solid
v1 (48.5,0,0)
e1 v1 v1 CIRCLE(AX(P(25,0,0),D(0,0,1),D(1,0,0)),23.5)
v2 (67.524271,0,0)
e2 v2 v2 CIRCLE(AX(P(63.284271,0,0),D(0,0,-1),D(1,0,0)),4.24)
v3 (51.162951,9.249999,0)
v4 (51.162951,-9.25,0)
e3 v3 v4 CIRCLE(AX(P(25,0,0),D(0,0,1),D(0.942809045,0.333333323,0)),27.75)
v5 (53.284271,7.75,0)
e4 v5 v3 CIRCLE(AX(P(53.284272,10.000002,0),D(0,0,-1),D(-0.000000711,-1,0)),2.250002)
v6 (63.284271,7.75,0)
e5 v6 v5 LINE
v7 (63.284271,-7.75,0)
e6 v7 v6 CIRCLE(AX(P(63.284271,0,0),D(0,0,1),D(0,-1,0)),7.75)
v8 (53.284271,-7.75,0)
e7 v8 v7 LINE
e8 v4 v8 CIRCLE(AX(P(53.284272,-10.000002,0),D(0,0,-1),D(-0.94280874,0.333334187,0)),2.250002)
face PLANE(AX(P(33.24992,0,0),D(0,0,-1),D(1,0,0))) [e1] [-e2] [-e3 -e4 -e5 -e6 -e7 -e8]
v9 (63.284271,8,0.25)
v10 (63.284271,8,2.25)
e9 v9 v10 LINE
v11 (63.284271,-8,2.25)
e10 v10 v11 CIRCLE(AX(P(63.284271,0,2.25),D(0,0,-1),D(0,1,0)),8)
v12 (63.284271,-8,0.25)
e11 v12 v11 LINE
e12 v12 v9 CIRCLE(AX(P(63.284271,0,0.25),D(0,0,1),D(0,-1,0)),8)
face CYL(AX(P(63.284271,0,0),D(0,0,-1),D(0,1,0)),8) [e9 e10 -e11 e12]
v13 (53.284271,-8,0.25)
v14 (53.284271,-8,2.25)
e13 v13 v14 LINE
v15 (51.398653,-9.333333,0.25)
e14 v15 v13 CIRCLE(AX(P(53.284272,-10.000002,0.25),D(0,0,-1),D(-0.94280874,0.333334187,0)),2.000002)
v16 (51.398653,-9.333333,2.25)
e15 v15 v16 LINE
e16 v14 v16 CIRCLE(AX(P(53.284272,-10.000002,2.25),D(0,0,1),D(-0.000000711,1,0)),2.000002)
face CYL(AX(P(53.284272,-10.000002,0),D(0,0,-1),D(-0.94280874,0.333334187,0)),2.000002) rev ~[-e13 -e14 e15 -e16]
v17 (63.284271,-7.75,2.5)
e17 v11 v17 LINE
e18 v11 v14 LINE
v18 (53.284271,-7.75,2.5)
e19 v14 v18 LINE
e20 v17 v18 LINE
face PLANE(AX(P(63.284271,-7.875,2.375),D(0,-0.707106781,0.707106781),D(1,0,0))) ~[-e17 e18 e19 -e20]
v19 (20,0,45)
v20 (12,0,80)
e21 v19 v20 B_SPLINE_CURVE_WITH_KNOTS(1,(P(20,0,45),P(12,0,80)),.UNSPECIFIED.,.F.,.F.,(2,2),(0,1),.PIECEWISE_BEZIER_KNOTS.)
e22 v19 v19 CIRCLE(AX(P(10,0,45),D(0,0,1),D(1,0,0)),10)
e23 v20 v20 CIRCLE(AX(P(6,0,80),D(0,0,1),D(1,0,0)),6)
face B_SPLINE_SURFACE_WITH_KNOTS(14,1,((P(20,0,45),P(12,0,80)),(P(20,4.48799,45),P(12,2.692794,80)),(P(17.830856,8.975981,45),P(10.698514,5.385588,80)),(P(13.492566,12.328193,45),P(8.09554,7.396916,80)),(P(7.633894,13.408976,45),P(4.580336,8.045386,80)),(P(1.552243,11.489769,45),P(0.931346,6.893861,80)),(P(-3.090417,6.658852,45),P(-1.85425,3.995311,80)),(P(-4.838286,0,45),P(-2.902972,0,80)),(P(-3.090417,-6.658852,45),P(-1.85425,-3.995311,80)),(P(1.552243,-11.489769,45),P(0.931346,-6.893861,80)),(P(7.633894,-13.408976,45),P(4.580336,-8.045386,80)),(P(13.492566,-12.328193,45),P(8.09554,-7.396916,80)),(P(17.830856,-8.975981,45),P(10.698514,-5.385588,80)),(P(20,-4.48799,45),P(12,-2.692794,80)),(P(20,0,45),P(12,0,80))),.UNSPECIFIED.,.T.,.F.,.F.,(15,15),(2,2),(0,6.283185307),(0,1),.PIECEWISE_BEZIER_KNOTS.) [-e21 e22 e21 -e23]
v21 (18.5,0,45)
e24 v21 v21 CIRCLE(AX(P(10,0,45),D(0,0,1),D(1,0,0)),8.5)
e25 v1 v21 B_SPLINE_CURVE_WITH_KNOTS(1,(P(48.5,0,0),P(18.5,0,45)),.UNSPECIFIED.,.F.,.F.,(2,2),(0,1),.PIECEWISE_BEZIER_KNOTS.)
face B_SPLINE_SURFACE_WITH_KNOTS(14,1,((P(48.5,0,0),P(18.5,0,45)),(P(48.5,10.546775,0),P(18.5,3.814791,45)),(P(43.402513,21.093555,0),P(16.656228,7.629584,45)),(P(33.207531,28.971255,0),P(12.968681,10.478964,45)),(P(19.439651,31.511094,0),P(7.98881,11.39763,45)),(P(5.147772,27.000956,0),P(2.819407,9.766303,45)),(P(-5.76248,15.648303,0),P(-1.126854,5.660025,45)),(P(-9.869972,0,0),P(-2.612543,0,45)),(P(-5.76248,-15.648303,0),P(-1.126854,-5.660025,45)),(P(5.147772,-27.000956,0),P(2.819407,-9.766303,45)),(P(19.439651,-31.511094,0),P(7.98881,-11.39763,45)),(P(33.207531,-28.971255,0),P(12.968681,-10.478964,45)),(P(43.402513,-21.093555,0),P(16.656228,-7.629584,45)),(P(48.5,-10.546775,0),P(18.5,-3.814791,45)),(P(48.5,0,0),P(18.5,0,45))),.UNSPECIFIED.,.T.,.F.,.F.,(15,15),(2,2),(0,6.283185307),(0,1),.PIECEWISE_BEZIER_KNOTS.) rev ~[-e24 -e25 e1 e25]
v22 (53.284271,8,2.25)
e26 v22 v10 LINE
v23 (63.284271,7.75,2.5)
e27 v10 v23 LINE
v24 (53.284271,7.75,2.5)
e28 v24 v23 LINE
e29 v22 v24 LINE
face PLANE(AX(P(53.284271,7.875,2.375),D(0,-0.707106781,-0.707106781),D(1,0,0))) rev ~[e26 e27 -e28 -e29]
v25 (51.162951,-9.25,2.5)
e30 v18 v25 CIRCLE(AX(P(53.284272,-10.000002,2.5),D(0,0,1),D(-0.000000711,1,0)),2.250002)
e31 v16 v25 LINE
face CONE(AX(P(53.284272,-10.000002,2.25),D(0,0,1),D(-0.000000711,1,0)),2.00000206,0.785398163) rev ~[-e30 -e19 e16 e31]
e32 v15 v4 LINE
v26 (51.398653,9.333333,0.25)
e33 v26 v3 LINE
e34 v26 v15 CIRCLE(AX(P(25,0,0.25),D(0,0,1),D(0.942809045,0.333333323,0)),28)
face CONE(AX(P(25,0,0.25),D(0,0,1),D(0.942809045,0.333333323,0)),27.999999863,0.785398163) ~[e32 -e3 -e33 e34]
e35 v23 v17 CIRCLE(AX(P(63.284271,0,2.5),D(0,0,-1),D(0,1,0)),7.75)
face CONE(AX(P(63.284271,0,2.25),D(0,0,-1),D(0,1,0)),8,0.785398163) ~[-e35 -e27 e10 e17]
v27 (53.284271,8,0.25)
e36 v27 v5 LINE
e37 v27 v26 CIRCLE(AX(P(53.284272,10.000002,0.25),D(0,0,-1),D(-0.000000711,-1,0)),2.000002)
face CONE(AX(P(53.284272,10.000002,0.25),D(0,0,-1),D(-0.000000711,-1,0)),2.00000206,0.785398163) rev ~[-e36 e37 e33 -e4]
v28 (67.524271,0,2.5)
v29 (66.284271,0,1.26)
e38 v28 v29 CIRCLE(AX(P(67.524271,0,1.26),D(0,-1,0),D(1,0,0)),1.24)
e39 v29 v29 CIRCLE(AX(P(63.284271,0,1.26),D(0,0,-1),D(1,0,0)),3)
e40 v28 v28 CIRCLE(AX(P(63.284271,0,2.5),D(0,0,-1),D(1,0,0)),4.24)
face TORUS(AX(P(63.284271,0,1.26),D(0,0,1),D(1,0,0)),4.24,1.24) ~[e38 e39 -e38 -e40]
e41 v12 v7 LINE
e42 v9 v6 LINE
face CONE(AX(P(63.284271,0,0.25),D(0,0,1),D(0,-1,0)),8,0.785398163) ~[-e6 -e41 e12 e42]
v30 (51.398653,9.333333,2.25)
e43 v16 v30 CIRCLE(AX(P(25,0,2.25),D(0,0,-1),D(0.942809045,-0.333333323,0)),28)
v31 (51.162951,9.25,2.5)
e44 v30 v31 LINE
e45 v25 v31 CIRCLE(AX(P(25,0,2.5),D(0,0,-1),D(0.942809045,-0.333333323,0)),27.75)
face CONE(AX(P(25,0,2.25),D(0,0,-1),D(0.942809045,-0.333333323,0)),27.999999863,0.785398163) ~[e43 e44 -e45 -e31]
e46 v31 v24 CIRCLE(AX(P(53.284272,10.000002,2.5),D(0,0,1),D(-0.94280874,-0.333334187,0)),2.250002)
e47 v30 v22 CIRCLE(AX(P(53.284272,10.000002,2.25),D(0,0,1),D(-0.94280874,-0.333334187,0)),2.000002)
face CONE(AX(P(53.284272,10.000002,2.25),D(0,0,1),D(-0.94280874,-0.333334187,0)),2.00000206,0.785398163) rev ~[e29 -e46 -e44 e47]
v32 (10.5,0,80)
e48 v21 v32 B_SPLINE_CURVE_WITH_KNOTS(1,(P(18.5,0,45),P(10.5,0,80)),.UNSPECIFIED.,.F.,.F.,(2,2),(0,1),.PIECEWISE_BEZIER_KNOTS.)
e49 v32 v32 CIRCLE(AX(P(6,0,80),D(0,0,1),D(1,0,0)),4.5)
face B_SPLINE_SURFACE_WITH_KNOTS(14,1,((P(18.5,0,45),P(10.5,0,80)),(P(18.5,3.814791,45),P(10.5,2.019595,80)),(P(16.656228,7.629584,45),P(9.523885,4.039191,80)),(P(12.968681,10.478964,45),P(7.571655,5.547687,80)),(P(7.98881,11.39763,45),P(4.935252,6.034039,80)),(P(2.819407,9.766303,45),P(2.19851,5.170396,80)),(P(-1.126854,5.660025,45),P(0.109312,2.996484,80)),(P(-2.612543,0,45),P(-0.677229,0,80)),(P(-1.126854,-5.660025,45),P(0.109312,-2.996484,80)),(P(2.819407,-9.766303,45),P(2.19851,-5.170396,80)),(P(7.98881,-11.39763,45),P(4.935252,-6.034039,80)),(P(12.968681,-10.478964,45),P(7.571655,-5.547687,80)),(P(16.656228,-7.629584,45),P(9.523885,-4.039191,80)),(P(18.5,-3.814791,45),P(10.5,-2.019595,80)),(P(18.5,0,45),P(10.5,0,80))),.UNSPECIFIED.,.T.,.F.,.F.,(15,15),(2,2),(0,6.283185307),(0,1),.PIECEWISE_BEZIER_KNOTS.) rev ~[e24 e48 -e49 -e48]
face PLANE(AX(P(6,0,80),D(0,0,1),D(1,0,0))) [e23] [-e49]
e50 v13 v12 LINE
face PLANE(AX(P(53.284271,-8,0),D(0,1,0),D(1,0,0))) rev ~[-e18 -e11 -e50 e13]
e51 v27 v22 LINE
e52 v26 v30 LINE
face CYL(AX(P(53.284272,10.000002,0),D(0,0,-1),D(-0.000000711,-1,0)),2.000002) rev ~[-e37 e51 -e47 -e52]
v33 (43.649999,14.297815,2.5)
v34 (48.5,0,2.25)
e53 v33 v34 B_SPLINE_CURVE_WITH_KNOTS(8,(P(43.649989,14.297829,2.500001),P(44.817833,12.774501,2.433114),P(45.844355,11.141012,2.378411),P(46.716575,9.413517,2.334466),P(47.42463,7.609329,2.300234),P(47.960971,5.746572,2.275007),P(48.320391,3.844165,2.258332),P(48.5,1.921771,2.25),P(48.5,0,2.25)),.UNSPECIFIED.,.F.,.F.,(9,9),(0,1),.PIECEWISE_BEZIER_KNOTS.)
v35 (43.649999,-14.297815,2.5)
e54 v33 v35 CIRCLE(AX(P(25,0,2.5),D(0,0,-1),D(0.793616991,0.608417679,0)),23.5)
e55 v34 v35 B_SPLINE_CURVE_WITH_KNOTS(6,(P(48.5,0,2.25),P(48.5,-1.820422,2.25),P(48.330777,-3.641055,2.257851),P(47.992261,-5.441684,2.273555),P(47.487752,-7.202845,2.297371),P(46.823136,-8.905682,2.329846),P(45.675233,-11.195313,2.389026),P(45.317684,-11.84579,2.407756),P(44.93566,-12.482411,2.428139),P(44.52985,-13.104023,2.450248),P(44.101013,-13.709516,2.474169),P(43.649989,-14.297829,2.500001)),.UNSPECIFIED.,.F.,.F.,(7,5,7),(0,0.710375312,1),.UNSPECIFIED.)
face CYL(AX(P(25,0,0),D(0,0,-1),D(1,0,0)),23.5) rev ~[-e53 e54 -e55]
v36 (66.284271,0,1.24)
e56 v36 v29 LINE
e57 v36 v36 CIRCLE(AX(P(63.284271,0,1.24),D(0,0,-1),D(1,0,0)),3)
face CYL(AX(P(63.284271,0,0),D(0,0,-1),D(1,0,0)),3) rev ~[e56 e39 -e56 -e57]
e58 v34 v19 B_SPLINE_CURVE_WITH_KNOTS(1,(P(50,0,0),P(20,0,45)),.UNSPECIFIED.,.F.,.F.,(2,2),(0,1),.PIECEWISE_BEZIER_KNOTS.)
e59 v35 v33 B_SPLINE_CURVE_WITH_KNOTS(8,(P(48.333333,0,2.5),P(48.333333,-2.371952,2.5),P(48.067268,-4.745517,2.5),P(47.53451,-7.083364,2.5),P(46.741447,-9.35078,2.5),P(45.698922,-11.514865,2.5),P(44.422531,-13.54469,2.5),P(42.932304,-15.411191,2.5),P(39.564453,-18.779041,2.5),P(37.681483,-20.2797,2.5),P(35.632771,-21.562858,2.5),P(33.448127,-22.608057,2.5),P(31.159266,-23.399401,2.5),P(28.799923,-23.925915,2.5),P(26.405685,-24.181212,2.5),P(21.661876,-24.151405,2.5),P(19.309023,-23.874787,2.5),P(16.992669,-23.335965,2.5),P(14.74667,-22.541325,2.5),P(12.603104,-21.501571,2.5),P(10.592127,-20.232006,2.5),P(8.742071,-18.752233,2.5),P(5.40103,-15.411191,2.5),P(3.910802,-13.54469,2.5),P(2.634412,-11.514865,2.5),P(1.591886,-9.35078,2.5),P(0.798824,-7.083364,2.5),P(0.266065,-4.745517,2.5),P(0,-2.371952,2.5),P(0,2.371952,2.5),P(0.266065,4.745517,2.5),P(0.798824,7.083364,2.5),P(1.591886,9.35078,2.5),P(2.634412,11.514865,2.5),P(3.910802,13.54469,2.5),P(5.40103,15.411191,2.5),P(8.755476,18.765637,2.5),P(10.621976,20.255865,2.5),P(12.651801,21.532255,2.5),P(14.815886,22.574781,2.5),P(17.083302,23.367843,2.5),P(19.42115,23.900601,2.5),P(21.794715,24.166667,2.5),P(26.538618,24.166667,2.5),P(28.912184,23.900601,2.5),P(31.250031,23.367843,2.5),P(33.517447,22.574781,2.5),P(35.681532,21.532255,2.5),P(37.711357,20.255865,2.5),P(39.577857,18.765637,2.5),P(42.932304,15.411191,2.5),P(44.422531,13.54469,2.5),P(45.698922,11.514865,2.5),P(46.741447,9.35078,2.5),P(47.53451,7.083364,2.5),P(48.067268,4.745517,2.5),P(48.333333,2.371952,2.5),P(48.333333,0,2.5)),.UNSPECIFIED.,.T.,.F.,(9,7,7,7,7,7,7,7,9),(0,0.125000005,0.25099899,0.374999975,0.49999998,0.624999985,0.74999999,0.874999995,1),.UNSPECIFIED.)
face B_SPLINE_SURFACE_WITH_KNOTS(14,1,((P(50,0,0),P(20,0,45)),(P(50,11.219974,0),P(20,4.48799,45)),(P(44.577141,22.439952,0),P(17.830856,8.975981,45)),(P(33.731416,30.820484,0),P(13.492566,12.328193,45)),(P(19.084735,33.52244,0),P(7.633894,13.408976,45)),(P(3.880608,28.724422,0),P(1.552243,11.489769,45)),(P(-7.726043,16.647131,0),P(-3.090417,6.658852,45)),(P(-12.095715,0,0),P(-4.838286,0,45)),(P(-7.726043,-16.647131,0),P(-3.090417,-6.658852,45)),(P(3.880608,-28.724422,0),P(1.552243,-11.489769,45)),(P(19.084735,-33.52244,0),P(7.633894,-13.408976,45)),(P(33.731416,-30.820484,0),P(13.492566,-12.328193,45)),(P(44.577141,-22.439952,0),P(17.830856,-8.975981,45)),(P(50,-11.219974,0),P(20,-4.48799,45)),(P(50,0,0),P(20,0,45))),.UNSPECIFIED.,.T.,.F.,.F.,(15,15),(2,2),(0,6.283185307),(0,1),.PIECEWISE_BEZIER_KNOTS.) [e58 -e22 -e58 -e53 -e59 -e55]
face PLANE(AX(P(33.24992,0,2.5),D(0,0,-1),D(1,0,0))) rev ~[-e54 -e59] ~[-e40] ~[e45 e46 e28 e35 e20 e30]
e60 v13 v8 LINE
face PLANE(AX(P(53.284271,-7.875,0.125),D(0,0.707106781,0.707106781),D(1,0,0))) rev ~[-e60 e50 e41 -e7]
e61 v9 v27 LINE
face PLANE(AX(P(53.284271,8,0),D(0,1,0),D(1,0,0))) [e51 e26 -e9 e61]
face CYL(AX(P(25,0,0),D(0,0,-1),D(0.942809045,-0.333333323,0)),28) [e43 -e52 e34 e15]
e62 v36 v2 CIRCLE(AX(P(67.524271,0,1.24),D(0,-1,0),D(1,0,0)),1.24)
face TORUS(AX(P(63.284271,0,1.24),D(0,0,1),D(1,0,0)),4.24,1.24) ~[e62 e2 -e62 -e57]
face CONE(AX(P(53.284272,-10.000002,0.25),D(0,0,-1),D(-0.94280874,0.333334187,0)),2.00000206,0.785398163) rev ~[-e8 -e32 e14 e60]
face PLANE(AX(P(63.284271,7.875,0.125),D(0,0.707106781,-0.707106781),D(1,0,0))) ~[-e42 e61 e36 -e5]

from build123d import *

# Parameters (mm, degrees)
SKETCH003_R     = 23.5
SKETCH004_R     = 8.5
SKETCH005_R     = 4.5
SKETCH_R        = 25
SKETCH001_R     = 10
SKETCH002_R     = 6
SKETCH006_R     = 23.5
SKETCH006_R_2   = 3
PAD_DEPTH       = 2.5
FILLET_R        = 1.24
CHAMFER_SIZE    = 0.25
CHAMFER001_SIZE = 0.25


with BuildPart() as funnel_inner:
    # Sketch003 → Loft001 section 0
    with BuildSketch(Plane.XY):
        with Locations((25, 0)):
            Circle(SKETCH003_R)
    # Sketch004 → Loft001 section 1
    with BuildSketch(Plane.XY.offset(45)):
        with Locations((10, 0)):
            Circle(SKETCH004_R)
    # Sketch005 → Loft001 section 2
    with BuildSketch(Plane.XY.offset(80)):
        with Locations((6, 0)):
            Circle(SKETCH005_R)
    loft(ruled=True)


with BuildPart() as brim_bottom_edge_chamfer:
    # Sketch → Loft section 0
    with BuildSketch(Plane.XY):
        with Locations((25, 0)):
            Circle(SKETCH_R)
    # Sketch001 → Loft section 1
    with BuildSketch(Plane.XY.offset(45)):
        with Locations((10, 0)):
            Circle(SKETCH001_R)
    # Sketch002 → Loft section 2
    with BuildSketch(Plane.XY.offset(80)):
        with Locations((6, 0)):
            Circle(SKETCH002_R)
    loft(ruled=True)

    # Cut: cut Funnel inner
    add(funnel_inner.part, mode=Mode.SUBTRACT)

    # Sketch006 → Pad (new body)
    with BuildSketch(Plane(origin=(0, 0, 0), x_dir=(1, 0, 0), z_dir=(0, 0, -1))):
        with BuildLine():
            ThreePointArc((51.398653, 9.333333), (-3, 0), (51.398653, -9.333333))
            ThreePointArc((53.284271, -8), (52.129571, -8.367007), (51.398653, -9.333333))
            Line((53.284271, -8), (63.284271, -8))
            ThreePointArc((63.284271, -8), (71.284271, 0), (63.284271, 8))
            Line((53.284271, 8), (63.284271, 8))
            ThreePointArc((51.398653, 9.333333), (52.129571, 8.367007), (53.284271, 8))
        make_face()
        with Locations((25, 0)):
            Circle(SKETCH006_R, mode=Mode.SUBTRACT)
        with Locations((63.284271, 0)):
            Circle(SKETCH006_R_2, mode=Mode.SUBTRACT)
    extrude(amount=-PAD_DEPTH)

    # Fillet
    fillet_edges = [brim_bottom_edge_chamfer.edges().sort_by_distance(p)[0] for p in [
        (60.284271, 0, 0),
        (60.284271, 0, 2.5),
    ]]
    fillet(fillet_edges, radius=FILLET_R)

    # Chamfer
    chamfer_edges = [brim_bottom_edge_chamfer.edges().sort_by_distance(p)[0] for p in [
        (58.284271, -8, 0),
    ]]
    chamfer(chamfer_edges, length=CHAMFER_SIZE)

    # Chamfer001
    chamfer001_edges = [brim_bottom_edge_chamfer.edges().sort_by_distance(p)[0] for p in [
        (-3, 0, 2.5),
    ]]
    chamfer(chamfer001_edges, length=CHAMFER001_SIZE)


solid = brim_bottom_edge_chamfer.part
